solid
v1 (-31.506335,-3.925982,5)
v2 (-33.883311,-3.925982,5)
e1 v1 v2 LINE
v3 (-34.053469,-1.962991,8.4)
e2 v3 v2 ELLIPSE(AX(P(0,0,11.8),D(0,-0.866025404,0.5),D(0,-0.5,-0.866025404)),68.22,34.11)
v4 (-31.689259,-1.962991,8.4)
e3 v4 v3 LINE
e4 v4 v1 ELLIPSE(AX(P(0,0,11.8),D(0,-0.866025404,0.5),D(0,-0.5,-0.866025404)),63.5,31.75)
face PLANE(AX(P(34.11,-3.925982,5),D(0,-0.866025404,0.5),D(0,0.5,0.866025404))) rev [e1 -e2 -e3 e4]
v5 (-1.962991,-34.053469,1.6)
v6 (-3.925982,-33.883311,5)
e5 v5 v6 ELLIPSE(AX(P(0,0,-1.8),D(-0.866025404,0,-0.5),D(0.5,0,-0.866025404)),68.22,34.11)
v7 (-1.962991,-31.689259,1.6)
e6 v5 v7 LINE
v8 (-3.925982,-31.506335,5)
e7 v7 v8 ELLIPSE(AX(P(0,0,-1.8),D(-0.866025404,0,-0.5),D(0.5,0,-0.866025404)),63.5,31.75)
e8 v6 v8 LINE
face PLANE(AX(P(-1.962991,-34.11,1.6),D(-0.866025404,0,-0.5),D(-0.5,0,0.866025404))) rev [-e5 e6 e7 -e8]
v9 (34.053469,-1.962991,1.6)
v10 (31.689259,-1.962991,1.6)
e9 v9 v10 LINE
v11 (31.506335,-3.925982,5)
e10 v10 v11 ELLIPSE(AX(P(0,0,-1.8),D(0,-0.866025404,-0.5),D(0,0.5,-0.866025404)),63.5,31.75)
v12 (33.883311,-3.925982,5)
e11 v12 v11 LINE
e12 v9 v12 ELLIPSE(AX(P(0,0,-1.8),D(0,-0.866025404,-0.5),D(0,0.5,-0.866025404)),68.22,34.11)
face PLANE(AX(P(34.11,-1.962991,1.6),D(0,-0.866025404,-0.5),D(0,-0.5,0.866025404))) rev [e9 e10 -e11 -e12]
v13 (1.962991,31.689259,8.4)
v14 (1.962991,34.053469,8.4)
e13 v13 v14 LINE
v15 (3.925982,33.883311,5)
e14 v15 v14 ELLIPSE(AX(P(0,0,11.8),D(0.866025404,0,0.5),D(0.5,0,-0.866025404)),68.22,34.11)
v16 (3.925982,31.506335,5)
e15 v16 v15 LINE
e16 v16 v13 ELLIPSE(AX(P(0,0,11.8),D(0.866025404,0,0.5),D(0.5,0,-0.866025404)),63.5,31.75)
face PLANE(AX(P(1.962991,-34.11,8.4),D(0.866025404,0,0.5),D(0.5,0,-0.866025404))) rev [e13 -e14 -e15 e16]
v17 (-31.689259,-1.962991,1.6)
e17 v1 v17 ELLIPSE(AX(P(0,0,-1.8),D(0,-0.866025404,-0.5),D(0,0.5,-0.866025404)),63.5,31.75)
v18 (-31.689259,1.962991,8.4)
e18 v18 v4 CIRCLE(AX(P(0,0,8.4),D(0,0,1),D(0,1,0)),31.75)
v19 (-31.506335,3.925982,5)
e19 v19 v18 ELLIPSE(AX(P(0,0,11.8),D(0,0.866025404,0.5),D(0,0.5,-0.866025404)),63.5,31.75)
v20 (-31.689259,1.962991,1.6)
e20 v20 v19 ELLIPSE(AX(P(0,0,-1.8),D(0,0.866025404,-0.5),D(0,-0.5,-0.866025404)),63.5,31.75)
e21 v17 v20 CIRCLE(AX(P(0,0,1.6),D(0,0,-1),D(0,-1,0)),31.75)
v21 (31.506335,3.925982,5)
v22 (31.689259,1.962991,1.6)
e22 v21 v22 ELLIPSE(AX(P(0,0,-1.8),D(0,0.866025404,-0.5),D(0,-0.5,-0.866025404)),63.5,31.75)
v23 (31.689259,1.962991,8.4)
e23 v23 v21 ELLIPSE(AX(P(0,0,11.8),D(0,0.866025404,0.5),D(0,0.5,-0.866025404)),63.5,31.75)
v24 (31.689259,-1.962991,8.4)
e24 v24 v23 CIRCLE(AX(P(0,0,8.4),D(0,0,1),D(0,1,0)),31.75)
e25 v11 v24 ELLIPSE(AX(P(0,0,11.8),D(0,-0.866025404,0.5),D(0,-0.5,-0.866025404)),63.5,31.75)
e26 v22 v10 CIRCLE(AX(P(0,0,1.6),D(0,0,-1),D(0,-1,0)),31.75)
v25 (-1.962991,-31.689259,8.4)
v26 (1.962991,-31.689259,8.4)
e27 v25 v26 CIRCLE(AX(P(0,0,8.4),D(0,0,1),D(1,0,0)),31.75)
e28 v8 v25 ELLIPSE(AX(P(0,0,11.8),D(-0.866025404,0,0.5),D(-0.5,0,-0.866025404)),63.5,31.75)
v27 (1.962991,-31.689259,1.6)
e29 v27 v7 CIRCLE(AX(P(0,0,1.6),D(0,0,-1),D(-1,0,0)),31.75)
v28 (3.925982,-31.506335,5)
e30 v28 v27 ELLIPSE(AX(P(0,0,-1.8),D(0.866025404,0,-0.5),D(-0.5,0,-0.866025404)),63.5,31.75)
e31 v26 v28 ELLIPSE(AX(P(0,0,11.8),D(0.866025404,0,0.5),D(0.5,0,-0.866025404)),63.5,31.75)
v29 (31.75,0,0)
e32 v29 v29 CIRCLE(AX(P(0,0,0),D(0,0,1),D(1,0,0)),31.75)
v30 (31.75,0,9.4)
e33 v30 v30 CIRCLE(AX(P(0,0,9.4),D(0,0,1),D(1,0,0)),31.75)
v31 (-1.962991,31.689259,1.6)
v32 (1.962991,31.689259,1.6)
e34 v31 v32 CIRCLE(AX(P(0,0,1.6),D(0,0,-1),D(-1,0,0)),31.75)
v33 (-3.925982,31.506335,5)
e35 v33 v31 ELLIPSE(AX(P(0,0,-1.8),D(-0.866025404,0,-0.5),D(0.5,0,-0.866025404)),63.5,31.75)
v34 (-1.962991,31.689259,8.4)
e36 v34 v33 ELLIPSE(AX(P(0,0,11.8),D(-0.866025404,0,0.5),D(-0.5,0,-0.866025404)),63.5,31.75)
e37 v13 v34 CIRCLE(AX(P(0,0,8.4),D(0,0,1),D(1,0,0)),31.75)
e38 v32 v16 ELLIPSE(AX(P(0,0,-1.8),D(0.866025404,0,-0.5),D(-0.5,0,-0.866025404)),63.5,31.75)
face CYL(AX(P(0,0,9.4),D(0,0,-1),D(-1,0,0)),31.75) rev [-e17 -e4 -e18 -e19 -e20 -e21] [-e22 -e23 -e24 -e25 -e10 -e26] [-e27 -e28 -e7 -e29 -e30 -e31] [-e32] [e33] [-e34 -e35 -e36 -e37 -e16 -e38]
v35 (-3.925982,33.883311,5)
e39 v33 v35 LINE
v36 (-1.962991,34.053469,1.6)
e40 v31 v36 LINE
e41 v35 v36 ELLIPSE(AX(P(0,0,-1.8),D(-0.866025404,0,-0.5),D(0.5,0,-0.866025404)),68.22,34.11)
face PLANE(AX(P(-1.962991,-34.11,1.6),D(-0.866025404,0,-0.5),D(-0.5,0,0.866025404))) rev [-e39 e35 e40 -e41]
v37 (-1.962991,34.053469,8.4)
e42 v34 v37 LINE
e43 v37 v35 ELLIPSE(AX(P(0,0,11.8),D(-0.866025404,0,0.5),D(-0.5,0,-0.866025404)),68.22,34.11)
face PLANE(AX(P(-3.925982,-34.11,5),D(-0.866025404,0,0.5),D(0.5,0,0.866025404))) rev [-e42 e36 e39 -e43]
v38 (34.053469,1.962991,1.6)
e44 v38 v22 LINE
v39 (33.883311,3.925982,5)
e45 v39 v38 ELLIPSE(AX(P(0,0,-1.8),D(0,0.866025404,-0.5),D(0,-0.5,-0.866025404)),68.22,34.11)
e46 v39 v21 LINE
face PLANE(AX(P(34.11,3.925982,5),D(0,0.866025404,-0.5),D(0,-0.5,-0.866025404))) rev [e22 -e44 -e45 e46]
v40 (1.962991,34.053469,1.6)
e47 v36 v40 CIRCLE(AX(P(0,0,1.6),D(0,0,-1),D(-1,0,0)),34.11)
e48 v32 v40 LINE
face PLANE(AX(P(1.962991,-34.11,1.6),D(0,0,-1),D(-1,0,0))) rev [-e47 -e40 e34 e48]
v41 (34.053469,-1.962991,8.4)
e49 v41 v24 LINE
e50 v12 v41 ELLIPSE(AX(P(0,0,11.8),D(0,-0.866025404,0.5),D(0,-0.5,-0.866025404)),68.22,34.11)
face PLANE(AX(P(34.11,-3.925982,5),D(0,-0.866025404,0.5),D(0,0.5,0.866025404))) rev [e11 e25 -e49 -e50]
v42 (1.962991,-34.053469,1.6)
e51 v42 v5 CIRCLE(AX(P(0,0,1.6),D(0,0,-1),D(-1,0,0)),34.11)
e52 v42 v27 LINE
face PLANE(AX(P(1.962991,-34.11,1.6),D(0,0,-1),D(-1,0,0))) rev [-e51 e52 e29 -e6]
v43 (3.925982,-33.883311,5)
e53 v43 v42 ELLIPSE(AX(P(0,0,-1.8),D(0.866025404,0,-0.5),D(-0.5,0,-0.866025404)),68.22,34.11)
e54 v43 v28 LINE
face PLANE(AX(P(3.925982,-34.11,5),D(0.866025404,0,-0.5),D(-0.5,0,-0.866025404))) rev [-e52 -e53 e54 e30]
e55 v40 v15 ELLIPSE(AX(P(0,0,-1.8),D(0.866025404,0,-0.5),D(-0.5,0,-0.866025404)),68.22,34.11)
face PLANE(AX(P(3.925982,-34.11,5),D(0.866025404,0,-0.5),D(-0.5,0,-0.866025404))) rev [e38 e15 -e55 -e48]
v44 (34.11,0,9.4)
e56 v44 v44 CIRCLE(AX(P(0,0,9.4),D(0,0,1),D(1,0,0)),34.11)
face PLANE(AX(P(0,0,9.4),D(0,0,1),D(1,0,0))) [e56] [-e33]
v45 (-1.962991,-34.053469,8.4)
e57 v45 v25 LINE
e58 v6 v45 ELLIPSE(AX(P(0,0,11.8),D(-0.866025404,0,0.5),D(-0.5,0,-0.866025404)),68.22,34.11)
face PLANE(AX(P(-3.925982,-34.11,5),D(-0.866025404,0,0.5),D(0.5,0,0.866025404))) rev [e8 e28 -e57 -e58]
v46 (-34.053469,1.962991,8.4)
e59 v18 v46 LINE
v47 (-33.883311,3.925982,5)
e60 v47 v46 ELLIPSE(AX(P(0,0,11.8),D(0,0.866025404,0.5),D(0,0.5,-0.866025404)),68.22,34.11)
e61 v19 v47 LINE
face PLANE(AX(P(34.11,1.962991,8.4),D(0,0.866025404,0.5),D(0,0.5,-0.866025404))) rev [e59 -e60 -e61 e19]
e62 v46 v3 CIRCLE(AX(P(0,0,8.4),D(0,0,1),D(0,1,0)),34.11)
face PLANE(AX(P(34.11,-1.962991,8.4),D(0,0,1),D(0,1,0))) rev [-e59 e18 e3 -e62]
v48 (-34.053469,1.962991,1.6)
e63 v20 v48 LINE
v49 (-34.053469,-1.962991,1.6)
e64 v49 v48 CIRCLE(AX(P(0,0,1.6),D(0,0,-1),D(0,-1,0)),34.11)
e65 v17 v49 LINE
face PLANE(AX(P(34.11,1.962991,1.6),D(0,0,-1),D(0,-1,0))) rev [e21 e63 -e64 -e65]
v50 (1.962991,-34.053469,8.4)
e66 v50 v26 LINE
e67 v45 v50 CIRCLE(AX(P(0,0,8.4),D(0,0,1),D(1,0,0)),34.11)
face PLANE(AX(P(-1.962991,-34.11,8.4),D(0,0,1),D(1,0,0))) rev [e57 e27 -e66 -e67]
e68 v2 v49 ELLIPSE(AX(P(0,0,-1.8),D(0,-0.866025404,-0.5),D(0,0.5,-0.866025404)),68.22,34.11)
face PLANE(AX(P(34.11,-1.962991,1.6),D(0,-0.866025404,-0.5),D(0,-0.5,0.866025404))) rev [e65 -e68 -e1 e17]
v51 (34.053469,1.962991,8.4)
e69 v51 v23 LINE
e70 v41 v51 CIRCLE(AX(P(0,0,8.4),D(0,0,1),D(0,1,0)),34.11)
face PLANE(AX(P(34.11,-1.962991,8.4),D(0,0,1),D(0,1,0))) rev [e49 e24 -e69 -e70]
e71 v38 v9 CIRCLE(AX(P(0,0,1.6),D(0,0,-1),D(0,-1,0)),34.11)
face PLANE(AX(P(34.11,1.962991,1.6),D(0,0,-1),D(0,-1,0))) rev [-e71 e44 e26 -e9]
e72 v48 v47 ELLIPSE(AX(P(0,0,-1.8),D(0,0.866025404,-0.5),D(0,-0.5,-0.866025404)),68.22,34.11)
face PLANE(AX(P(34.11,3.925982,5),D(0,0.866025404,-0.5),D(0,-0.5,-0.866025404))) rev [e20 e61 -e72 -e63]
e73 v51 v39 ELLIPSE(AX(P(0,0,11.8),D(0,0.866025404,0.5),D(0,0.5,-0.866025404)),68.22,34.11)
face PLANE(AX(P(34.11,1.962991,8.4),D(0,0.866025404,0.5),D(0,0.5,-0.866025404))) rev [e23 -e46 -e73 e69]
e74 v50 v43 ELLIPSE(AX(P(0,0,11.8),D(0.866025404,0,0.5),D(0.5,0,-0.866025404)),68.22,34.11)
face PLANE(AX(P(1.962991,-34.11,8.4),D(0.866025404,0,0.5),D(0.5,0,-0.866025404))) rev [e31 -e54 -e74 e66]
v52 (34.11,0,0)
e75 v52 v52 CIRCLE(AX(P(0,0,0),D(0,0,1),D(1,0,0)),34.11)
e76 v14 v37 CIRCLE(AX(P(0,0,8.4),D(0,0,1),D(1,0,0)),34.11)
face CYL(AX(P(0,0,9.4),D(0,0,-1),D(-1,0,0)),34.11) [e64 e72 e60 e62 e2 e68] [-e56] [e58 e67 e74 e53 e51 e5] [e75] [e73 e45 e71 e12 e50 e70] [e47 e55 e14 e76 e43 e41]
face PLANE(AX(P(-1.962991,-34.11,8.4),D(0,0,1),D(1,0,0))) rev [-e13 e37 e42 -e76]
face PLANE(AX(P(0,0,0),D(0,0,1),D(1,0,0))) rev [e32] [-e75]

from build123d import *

# Parameters (mm, degrees)
SKETCH1_R           = 34.11
SKETCH1_R_2         = 31.75
BOSS_EXTRUDE1_DEPTH = 9.4
CUT_EXTRUDE1_DEPTH  = 69.22
CIRPATTERN2_COUNT   = 2
CIRPATTERN2_ANGLE   = 90


with BuildPart() as part:
    # Sketch1 → Boss-Extrude1 (new body)
    with BuildSketch(Plane.XY):
        Circle(SKETCH1_R)
        Circle(SKETCH1_R_2, mode=Mode.SUBTRACT)
    extrude(amount=BOSS_EXTRUDE1_DEPTH)

    # Sketch2 → Cut-Extrude1 (cut, through all)
    with BuildSketch(Plane(origin=(0, 34.11, 0), x_dir=(1, 0, 0), z_dir=(0, 1, 0))):
        Polygon((3.92598183, -5), (1.962990915, -1.6), (-1.962990915, -1.6), (-3.92598183, -5), (-1.962990915, -8.4), (1.962990915, -8.4), align=None)
    cut_extrude1 = extrude(amount=-CUT_EXTRUDE1_DEPTH, mode=Mode.SUBTRACT)

    # CirPattern2: Cut-Extrude1 ×2 about axis
    cirpattern2_axis = Axis((0, 0, 9.4), (0, 0, 1))
    for i in range(1, CIRPATTERN2_COUNT):
        add(cut_extrude1.rotate(cirpattern2_axis, i * CIRPATTERN2_ANGLE / (CIRPATTERN2_COUNT - 1)), mode=Mode.SUBTRACT)


solid = part.part
